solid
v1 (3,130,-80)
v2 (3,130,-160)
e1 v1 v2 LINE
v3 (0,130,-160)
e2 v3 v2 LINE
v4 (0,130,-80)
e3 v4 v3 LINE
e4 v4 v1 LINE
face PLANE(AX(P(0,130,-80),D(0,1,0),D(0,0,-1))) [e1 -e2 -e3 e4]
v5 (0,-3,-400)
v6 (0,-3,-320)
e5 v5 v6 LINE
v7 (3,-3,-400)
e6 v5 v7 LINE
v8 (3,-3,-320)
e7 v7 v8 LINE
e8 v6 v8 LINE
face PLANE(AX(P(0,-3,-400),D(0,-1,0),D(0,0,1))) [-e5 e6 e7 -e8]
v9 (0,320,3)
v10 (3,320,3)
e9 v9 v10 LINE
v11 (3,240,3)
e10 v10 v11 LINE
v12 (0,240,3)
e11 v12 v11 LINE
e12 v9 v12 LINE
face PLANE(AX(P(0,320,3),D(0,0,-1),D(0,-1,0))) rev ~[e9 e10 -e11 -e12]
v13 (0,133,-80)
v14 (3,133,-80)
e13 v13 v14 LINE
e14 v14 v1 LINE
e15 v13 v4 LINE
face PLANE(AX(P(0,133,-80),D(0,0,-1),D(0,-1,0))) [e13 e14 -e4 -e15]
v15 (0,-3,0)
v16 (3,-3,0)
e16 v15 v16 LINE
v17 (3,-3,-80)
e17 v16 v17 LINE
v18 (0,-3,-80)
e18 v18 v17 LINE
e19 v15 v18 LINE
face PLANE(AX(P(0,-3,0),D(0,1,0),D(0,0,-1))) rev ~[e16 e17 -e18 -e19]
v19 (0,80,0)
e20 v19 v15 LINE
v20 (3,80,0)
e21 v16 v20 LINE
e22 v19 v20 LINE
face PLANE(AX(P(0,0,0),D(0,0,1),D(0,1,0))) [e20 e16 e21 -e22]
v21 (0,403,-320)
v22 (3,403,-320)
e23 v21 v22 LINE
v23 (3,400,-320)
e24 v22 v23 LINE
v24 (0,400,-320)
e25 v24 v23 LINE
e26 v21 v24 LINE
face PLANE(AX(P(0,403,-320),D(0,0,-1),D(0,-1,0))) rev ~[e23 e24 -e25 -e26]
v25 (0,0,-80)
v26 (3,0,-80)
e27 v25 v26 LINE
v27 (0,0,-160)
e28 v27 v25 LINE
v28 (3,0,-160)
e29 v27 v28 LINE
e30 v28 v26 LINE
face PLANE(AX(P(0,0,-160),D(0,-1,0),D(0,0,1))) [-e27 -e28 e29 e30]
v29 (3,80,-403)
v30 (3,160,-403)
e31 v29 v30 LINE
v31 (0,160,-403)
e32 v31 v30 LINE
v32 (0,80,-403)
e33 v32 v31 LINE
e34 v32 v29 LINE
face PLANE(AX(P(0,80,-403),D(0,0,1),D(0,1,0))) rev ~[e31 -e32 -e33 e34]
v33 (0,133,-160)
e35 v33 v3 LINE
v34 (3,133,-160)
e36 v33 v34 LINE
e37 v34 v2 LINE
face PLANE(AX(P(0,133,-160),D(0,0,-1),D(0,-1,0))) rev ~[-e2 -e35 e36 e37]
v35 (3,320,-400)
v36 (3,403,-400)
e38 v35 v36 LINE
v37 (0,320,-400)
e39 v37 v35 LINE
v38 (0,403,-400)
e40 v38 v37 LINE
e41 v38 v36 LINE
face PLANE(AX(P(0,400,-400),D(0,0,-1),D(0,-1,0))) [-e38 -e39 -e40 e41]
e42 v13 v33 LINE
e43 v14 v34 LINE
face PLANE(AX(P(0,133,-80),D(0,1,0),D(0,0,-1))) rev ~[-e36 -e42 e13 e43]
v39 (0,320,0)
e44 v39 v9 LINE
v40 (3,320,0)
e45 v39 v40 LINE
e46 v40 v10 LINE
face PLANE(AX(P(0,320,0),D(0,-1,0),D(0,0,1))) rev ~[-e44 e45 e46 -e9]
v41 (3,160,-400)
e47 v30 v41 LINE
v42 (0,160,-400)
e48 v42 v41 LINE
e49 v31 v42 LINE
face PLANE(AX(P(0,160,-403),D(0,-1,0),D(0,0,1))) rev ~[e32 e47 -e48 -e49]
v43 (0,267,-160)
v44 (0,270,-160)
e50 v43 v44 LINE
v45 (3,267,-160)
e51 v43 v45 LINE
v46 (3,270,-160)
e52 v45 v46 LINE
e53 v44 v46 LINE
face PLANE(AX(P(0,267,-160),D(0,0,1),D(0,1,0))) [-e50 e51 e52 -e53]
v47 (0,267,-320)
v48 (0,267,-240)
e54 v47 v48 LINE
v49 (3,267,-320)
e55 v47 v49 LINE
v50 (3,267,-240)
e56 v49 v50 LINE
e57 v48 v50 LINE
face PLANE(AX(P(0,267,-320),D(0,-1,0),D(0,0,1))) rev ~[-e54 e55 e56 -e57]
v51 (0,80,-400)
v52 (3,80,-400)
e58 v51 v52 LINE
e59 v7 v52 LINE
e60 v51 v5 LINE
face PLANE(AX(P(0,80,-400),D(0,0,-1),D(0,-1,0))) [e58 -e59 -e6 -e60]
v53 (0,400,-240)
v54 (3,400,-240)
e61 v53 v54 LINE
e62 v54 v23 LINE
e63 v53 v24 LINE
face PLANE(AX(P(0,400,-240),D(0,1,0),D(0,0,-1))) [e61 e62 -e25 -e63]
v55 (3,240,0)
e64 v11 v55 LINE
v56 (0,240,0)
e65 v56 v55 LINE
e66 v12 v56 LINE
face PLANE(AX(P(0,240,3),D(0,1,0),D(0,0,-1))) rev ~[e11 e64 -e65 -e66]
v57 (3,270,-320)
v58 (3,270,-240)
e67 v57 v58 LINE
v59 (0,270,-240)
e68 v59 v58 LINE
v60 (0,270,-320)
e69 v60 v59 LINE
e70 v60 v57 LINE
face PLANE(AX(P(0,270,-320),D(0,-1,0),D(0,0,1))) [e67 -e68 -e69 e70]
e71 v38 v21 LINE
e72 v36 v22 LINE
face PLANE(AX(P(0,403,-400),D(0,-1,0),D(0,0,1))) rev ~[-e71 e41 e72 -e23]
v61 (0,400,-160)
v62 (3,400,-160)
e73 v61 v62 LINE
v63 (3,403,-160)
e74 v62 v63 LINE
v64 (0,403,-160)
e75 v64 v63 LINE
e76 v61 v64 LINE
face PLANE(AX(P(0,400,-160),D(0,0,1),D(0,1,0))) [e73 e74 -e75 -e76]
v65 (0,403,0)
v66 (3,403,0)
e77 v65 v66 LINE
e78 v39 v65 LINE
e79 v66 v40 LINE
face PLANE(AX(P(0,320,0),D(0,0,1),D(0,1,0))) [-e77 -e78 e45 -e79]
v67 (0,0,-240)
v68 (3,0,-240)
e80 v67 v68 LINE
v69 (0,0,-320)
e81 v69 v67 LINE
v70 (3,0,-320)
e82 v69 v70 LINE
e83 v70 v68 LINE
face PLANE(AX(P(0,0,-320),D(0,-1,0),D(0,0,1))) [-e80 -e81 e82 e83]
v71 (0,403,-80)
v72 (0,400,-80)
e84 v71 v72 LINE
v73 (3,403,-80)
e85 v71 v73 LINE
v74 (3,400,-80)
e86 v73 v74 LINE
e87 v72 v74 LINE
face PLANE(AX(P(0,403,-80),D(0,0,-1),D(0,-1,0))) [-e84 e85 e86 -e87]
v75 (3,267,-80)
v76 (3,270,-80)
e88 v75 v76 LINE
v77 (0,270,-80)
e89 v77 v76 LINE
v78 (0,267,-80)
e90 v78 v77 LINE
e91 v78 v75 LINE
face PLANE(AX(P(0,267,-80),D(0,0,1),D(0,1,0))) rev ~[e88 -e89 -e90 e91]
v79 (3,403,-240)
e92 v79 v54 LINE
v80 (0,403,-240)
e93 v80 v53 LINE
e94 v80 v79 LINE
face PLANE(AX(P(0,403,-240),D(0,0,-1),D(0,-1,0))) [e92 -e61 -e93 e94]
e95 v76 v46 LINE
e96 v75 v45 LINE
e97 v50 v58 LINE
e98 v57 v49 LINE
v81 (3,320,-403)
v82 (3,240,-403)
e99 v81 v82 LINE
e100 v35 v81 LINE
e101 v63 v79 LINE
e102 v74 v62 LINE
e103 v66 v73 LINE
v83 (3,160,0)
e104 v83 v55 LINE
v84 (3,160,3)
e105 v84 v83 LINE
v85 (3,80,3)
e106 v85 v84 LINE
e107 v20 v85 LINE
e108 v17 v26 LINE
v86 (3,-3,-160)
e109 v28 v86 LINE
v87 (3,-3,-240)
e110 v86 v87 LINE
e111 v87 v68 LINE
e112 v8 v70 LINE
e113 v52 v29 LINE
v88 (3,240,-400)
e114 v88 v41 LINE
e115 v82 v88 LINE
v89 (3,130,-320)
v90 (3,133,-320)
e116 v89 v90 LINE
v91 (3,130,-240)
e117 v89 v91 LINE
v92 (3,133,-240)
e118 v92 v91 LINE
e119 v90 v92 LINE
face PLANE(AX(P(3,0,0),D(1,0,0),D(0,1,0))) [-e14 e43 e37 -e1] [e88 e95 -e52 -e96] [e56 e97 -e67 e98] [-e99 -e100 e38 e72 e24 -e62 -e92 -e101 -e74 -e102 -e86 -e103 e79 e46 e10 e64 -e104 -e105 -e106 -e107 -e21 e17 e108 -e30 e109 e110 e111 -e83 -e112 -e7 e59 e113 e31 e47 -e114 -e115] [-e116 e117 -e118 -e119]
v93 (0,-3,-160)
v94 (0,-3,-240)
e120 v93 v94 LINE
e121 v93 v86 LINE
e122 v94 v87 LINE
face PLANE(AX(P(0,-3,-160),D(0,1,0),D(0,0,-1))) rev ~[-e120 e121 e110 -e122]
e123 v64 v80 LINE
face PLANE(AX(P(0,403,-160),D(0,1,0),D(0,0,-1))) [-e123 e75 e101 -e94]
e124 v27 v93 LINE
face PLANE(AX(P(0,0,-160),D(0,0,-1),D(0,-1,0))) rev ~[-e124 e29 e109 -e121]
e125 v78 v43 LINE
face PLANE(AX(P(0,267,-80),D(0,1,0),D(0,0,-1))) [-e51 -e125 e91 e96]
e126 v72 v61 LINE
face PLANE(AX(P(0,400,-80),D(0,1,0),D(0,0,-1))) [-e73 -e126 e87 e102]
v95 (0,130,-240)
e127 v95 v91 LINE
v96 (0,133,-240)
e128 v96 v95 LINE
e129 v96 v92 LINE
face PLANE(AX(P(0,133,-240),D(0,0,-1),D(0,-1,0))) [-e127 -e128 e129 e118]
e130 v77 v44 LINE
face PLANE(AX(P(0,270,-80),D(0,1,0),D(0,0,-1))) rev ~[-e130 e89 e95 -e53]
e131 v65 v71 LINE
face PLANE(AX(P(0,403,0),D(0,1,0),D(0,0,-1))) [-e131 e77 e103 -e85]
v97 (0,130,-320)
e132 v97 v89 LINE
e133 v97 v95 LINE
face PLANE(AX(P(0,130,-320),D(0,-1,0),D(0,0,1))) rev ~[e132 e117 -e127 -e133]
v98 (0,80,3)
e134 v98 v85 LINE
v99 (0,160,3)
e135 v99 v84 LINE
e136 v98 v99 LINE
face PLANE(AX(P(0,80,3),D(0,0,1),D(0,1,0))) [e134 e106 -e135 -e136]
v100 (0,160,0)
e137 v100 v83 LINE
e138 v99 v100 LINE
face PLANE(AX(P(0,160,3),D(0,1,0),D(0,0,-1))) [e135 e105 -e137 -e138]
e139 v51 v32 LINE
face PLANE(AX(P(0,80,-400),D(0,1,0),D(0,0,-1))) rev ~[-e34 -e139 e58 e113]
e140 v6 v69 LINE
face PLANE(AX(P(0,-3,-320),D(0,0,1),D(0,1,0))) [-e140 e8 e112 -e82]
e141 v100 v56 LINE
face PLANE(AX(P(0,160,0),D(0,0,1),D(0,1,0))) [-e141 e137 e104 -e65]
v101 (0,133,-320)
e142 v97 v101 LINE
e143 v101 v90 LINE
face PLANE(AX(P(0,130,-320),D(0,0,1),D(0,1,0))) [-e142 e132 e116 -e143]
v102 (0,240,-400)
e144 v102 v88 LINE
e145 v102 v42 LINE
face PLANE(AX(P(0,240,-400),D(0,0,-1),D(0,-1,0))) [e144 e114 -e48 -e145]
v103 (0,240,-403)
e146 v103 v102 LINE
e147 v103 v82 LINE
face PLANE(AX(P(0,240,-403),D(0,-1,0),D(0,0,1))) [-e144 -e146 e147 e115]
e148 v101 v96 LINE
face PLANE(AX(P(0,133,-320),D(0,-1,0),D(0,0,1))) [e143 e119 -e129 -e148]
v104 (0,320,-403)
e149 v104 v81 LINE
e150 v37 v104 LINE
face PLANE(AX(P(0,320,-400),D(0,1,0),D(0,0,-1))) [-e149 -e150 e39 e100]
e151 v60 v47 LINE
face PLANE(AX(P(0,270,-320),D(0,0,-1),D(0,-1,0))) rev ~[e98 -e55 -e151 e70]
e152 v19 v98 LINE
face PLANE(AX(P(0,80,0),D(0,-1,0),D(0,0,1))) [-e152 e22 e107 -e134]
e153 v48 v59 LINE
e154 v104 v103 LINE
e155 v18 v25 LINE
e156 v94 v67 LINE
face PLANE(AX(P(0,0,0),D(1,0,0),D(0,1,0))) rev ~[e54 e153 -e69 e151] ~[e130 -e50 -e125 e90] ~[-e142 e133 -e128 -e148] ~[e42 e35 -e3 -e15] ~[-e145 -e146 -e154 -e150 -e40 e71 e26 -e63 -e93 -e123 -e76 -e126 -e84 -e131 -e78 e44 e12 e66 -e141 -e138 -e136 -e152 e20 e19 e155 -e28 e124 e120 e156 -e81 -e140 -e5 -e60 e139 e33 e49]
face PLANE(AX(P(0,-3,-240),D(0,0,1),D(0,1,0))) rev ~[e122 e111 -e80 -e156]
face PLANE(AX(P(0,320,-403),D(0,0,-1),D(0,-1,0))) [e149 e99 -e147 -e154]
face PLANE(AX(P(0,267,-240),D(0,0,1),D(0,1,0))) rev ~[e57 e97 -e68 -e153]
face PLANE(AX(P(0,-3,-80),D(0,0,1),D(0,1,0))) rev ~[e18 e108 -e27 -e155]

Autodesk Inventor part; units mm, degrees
ref_plane "YZ Plane" through (0, 0, 0) normal (1, 0, 0) x (0, 1, 0)
ref_plane "XZ Plane" through (0, 0, 0) normal (0, 1, 0) x (-1, 0, 0)
ref_plane "XY Plane" through (0, 0, 0) normal (0, 0, 1) x (1, 0, 0)
sketch "Sketch1" plane through (0, 0, 0) normal (1, 0, 0) x (0, 1, 0)
  line L0 (0, 0) -> (400, 0)
  line L1 (400, 0) -> (400, -400)
  line L2 (400, -400) -> (0, -400)
  line L3 (0, -400) -> (0, 0)
  line L4 (400, 0) -> (403, 0)
  line L5 (403, 0) -> (403, -80)
  line L6 (403, -80) -> (400, -80)
  line L7 (400, -400) -> (403, -400)
  line L8 (403, -400) -> (403, -320)
  line L9 (403, -320) -> (400, -320)
  line L10 (400, -160) -> (403, -160)
  line L11 (403, -160) -> (403, -240)
  line L12 (403, -240) -> (400, -240)
  line L13 (80, 0) -> (80, 3)
  line L14 (80, 3) -> (160, 3)
  line L15 (160, 3) -> (160, 0)
  line L16 (320, 0) -> (320, 3)
  line L17 (320, 3) -> (240, 3)
  line L18 (240, 3) -> (240, 0)
  line L19 (200, 0) -> (200, -400) construction
  line L20 (0, -200) -> (400, -200) construction
  line L21 (0, -400) -> (400, -400)
  line L22 (80, -400) -> (80, -403)
  line L23 (80, -403) -> (160, -403)
  line L24 (160, -403) -> (160, -400)
  line L25 (320, -400) -> (320, -403)
  line L26 (320, -403) -> (240, -403)
  line L27 (240, -403) -> (240, -400)
  line L28 (0, 0) -> (0, -400)
  line L29 (0, 0) -> (-3, 0)
  line L30 (-3, 0) -> (-3, -80)
  line L31 (-3, -80) -> (0, -80)
  line L32 (0, -400) -> (-3, -400)
  line L33 (-3, -400) -> (-3, -320)
  line L34 (-3, -320) -> (0, -320)
  line L35 (0, -160) -> (-3, -160)
  line L36 (-3, -160) -> (-3, -240)
  line L37 (-3, -240) -> (0, -240)
  line L38 (0, 0) -> (130, 0)
  line L39 (130, 0) -> (133, 0)
  line L40 (133, 0) -> (267, 0)
  line L41 (267, 0) -> (270, 0)
  line L42 (133, -80) -> (130, -80)
  line L43 (133, -80) -> (133, -160)
  line L44 (133, -160) -> (130, -160)
  line L45 (130, -320) -> (133, -320)
  line L46 (133, -320) -> (133, -240)
  line L47 (133, -240) -> (130, -240)
  line L48 (133, -80) -> (130, -80)
  line L49 (130, -80) -> (130, -160)
  line L50 (130, -320) -> (130, -240)
  line L51 (400, -200) -> (0, -200) construction
  line L52 (267, -80) -> (270, -80)
  line L53 (267, -80) -> (267, -160)
  line L54 (267, -160) -> (270, -160)
  line L55 (270, -320) -> (267, -320)
  line L56 (267, -320) -> (267, -240)
  line L57 (267, -240) -> (270, -240)
  line L58 (267, -80) -> (270, -80)
  line L59 (270, -80) -> (270, -160)
  line L60 (270, -320) -> (270, -240)
  dimension "d0" = 400
  dimension "d1" = 400
  dimension "d2" = 3
  dimension "d3" = 80
  dimension "d4" = 3
  dimension "d5" = 80
  dimension "d6" = 80
  dimension "d7" = 3
  dimension "d8" = 80
  dimension "d13" = 3
  dimension "d14" = 80
  dimension "d17" = 130
  dimension "d18" = 3
  dimension "d19" = 134
  dimension "d20" = 3
  dimension "d21" = 80
  dimension "d22" = 80
  dimension "d24" = 80
  dimension "d25" = 3
extrude "Extrusion1" add sketch "Sketch1" along normal blind 3
properties part number "Pared estanteria"
